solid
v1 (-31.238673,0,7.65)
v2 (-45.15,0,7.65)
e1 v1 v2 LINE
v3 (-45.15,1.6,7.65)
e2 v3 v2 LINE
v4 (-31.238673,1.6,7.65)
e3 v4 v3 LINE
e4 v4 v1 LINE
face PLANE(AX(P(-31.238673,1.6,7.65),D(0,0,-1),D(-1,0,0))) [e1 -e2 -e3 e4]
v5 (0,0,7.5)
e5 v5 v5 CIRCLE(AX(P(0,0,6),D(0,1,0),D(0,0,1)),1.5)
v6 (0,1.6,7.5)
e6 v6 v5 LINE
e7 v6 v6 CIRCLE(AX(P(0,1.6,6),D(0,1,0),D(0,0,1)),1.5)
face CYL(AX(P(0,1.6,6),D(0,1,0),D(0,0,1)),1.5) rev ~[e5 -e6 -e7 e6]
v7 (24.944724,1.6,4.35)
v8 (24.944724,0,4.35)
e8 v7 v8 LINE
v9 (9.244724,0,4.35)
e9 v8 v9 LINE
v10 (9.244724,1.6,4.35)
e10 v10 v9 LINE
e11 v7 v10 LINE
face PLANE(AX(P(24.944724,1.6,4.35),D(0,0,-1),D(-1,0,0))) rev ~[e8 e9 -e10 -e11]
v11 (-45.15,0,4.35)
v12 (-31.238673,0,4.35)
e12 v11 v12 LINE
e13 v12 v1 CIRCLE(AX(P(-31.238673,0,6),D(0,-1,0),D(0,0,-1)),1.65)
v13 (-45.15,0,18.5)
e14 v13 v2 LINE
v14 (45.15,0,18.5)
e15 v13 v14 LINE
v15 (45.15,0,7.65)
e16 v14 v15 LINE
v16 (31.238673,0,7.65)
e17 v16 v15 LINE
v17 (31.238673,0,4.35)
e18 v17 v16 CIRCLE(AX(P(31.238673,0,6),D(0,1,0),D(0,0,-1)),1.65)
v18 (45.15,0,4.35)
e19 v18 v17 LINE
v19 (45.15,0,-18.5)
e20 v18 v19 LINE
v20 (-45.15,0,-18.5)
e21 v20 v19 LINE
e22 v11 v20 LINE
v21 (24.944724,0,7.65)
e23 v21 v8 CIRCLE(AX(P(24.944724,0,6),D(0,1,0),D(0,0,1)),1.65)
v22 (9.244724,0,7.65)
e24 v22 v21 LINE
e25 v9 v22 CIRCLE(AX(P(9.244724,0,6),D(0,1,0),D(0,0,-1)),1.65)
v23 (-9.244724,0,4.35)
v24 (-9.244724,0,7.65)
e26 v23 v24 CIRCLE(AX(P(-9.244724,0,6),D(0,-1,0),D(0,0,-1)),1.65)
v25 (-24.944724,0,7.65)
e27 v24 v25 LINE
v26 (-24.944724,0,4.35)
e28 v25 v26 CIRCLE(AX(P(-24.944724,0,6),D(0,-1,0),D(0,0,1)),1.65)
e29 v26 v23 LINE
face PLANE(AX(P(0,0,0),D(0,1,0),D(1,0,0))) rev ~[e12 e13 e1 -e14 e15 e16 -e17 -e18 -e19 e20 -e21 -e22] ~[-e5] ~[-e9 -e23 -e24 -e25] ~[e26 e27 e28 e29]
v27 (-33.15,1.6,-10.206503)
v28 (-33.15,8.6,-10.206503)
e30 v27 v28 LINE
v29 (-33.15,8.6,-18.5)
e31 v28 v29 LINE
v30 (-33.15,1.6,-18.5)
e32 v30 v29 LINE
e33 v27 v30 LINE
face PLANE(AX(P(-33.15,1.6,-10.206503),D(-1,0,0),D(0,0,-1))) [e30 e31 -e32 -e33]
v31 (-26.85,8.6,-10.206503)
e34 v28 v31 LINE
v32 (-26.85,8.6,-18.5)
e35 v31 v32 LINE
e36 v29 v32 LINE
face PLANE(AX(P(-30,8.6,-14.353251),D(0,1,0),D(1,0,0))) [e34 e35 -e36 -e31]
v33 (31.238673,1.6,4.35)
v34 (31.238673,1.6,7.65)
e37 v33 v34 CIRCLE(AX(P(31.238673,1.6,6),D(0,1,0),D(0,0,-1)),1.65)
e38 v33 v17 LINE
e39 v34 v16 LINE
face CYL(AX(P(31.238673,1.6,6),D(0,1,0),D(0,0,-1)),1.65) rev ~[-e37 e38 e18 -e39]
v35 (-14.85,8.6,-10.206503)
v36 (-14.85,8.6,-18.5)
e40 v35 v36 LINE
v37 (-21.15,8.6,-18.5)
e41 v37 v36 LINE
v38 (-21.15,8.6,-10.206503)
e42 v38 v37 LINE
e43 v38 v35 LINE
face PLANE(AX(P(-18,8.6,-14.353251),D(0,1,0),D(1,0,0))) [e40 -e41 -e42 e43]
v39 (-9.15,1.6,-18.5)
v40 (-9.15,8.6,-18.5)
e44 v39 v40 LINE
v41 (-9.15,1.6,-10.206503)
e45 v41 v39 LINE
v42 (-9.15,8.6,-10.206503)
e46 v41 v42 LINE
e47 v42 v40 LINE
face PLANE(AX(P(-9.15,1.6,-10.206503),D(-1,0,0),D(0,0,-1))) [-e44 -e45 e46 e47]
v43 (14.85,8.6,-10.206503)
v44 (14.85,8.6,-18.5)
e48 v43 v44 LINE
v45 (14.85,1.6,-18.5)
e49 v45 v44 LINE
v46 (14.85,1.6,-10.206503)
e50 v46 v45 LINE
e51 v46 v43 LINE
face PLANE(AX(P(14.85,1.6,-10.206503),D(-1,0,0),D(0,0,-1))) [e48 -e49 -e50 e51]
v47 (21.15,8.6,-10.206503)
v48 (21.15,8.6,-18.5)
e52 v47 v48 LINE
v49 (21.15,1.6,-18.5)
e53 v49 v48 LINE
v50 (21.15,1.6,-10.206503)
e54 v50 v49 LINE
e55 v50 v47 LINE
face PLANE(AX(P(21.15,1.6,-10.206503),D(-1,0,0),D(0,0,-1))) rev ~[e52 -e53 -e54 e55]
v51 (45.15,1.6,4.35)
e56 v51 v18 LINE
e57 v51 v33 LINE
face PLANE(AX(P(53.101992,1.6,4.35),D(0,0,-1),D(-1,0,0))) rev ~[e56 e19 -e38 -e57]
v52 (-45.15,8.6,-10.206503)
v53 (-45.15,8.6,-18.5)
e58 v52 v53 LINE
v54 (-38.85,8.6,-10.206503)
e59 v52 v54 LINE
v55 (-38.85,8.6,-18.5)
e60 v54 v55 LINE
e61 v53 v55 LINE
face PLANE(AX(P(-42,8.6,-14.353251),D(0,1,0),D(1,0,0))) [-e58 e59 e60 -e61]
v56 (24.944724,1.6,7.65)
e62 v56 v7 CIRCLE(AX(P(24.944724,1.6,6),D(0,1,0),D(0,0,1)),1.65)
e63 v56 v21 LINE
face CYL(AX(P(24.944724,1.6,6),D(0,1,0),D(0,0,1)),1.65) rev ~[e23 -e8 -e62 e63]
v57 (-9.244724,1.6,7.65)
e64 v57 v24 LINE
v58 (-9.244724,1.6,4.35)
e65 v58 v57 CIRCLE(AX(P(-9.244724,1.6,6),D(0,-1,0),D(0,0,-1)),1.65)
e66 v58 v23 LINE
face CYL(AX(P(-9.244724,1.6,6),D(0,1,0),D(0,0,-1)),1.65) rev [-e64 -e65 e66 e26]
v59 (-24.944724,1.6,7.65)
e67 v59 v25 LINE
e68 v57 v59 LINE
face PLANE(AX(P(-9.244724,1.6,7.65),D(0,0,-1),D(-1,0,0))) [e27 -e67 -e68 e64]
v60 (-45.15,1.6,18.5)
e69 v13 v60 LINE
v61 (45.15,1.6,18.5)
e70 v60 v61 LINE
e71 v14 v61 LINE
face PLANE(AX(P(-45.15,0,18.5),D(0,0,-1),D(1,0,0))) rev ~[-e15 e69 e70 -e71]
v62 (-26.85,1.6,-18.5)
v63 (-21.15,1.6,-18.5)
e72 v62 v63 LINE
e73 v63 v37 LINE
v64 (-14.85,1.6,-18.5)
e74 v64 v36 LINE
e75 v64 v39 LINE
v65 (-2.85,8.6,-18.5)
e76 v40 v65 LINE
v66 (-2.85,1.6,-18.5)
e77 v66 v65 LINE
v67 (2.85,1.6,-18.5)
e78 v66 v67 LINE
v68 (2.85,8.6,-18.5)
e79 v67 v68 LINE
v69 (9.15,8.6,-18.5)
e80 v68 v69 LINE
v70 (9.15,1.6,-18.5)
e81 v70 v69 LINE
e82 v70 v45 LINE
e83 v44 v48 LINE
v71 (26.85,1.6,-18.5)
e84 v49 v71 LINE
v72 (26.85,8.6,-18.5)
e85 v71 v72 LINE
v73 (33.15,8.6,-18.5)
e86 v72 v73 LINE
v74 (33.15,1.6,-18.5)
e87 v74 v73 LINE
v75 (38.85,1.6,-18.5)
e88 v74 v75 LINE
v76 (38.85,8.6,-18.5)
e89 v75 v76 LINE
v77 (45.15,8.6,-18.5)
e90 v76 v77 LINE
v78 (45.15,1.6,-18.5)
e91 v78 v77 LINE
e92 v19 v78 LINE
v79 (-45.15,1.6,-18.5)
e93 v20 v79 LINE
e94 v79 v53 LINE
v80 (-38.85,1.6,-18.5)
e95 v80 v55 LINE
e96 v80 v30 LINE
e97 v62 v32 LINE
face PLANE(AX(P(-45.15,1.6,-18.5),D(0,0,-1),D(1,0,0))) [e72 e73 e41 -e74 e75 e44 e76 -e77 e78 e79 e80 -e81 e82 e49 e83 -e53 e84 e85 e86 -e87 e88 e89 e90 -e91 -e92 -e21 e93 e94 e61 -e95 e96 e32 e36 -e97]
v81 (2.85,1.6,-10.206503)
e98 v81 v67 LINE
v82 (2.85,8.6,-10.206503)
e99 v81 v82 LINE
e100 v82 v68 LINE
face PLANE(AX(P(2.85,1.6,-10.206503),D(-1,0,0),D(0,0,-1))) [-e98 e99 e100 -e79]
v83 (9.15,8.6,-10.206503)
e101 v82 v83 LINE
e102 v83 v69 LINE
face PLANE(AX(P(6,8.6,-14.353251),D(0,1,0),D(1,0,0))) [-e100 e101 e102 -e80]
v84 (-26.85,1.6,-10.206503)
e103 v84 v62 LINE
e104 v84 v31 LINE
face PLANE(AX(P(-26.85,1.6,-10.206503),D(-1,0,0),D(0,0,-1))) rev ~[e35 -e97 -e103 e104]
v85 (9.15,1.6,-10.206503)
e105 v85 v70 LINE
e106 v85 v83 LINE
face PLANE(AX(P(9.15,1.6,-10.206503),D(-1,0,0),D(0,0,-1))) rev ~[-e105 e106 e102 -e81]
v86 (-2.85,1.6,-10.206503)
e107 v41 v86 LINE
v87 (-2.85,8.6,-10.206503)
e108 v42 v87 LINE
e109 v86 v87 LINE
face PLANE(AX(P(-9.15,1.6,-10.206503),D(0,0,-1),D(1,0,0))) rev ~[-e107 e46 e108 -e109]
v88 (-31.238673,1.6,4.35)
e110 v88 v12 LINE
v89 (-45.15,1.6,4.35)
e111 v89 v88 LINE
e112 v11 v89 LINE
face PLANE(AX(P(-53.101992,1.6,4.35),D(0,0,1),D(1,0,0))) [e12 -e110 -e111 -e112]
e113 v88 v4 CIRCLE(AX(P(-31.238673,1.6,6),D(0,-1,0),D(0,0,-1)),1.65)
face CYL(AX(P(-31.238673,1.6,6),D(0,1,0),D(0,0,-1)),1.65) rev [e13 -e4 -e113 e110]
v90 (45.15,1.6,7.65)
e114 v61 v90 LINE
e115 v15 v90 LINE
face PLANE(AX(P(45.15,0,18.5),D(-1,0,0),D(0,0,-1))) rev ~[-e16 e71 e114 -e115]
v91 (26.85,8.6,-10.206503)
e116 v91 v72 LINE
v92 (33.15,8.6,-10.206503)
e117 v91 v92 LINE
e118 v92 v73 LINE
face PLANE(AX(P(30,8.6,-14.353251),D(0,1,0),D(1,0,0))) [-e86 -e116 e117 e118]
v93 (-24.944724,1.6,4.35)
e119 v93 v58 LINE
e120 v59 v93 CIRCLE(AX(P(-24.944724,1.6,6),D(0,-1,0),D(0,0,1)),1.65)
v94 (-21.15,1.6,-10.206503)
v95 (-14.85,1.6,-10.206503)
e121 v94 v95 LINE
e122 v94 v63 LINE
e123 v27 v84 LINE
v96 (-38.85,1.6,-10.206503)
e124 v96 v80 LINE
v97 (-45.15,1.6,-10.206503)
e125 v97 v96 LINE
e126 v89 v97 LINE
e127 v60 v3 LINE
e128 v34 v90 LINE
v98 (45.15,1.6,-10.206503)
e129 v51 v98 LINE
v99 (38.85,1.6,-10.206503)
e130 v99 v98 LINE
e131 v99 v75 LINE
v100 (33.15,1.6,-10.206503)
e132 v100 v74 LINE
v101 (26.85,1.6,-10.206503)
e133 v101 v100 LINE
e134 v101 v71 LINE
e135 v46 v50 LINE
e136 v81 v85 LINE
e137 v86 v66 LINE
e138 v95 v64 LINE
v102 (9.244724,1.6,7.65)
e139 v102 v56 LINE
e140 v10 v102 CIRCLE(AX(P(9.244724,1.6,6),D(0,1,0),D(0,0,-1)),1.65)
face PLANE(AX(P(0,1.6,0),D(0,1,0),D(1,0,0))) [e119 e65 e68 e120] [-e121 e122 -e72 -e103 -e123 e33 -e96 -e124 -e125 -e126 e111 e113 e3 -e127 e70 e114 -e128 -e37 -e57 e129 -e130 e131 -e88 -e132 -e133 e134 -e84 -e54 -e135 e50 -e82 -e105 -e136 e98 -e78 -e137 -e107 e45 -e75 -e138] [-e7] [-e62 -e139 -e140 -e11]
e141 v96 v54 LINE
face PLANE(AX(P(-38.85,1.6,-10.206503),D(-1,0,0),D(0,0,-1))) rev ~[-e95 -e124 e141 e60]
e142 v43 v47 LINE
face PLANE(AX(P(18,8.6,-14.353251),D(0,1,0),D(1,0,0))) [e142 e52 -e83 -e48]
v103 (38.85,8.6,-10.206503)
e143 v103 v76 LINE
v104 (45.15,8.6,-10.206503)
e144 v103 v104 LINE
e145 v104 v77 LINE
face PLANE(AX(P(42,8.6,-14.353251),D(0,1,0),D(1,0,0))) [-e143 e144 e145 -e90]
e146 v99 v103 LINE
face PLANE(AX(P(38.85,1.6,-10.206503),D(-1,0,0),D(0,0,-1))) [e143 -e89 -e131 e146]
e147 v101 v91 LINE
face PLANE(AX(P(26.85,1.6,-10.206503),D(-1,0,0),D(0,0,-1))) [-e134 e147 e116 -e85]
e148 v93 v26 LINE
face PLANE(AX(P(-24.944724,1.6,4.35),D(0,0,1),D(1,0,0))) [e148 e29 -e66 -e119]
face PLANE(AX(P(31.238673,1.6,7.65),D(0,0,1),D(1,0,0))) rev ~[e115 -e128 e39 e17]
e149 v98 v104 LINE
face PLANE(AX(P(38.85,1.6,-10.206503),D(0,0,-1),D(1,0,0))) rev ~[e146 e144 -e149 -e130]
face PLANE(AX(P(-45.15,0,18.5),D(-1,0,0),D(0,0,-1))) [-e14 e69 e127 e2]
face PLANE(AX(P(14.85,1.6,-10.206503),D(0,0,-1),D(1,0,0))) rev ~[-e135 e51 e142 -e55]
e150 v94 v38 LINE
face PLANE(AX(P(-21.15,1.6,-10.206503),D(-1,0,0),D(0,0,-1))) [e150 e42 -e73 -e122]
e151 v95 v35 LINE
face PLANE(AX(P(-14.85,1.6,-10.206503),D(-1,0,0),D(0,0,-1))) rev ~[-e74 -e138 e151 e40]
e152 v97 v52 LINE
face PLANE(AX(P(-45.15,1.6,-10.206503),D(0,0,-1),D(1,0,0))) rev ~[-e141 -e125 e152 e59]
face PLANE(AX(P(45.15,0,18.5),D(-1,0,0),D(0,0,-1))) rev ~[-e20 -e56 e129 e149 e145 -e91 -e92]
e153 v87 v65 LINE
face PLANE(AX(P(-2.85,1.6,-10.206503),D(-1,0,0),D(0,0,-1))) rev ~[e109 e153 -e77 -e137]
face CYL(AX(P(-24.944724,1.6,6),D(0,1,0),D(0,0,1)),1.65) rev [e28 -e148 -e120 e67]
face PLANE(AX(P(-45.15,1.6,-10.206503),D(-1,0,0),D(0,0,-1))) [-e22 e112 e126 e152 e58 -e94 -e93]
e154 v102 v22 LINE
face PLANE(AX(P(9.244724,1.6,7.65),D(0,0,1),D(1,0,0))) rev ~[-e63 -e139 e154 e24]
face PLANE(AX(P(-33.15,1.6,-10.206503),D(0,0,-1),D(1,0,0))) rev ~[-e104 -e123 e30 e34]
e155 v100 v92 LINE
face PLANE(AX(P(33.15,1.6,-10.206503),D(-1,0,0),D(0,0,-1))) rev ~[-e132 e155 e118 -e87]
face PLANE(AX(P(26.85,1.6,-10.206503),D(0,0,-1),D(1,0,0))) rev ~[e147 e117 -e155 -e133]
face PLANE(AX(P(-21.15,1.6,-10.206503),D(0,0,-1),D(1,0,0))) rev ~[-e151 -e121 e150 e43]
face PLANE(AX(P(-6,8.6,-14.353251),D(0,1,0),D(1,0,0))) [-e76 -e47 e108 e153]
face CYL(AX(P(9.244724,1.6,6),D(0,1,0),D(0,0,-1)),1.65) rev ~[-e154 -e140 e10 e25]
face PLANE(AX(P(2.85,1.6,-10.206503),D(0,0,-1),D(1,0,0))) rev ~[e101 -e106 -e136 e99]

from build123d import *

# Parameters (mm, degrees)
SKETCH_1_W          = 90.3
SKETCH_1_H          = 37
EXTRUDE_1_DEPTH     = 1.6
SKETCH_3_R          = 1.5
CUT_EXTRUDE_1_DEPTH = 1.6
SKETCH_4_W          = 6.3
SKETCH_4_H          = 8.293497289
EXTRUDE_2_DEPTH     = 7


with BuildPart() as part:
    # 草图1 → 凸台-拉伸1 (new body)
    with BuildSketch(Plane(origin=(0, 0, 0), x_dir=(1, 0, 0), z_dir=(0, 1, 0))):
        Rectangle(SKETCH_1_W, SKETCH_1_H)
    extrude(amount=EXTRUDE_1_DEPTH)

    # 草图3 → 切除-拉伸1 (cut)
    with BuildSketch(Plane(origin=(0, 1.6, 0), x_dir=(1, 0, 0), z_dir=(0, 1, 0))):
        with Locations(Location((0, -6, 0), (0, 0, 270))):
            Circle(SKETCH_3_R)
        with BuildLine():
            Line((-31.238672513, -7.65), (-53.101992088, -7.65))
            ThreePointArc((-53.101992088, -7.65), (-54.751992088, -6), (-53.101992088, -4.35))
            Line((-53.101992088, -4.35), (-31.238672513, -4.35))
            ThreePointArc((-31.238672513, -4.35), (-29.588672513, -6), (-31.238672513, -7.65))
        make_face()
        with BuildLine():
            Line((-24.944724021, -4.35), (-9.244724021, -4.35))
            ThreePointArc((-9.244724021, -4.35), (-7.594724021, -6), (-9.244724021, -7.65))
            Line((-9.244724021, -7.65), (-24.944724021, -7.65))
            ThreePointArc((-24.944724021, -7.65), (-26.594724021, -6), (-24.944724021, -4.35))
        make_face()
        with BuildLine():
            Line((31.238672513, -7.65), (53.101992088, -7.65))
            ThreePointArc((53.101992088, -7.65), (54.751992088, -6), (53.101992088, -4.35))
            Line((53.101992088, -4.35), (31.238672513, -4.35))
            ThreePointArc((31.238672513, -4.35), (29.588672513, -6), (31.238672513, -7.65))
        make_face()
        with BuildLine():
            Line((24.944724021, -4.35), (9.244724021, -4.35))
            ThreePointArc((9.244724021, -4.35), (7.594724021, -6), (9.244724021, -7.65))
            Line((9.244724021, -7.65), (24.944724021, -7.65))
            ThreePointArc((24.944724021, -7.65), (26.594724021, -6), (24.944724021, -4.35))
        make_face()
    extrude(amount=-CUT_EXTRUDE_1_DEPTH, mode=Mode.SUBTRACT)

    # 草图4 → 凸台-拉伸2 (add)
    with BuildSketch(Plane(origin=(0, 1.6, 0), x_dir=(1, 0, 0), z_dir=(0, 1, 0))):
        with Locations((-30, 14.353251355)):
            Rectangle(SKETCH_4_W, SKETCH_4_H)
        with Locations((-42, 14.353251355)):
            Rectangle(SKETCH_4_W, SKETCH_4_H)
        with Locations((-18, 14.353251355)):
            Rectangle(SKETCH_4_W, SKETCH_4_H)
        with Locations((-6, 14.353251355)):
            Rectangle(SKETCH_4_W, SKETCH_4_H)
        with Locations((6, 14.353251355)):
            Rectangle(SKETCH_4_W, SKETCH_4_H)
        with Locations((18, 14.353251355)):
            Rectangle(SKETCH_4_W, SKETCH_4_H)
        with Locations((30, 14.353251355)):
            Rectangle(SKETCH_4_W, SKETCH_4_H)
        with Locations((42, 14.353251355)):
            Rectangle(SKETCH_4_W, SKETCH_4_H)
    extrude(amount=EXTRUDE_2_DEPTH)


solid = part.part
